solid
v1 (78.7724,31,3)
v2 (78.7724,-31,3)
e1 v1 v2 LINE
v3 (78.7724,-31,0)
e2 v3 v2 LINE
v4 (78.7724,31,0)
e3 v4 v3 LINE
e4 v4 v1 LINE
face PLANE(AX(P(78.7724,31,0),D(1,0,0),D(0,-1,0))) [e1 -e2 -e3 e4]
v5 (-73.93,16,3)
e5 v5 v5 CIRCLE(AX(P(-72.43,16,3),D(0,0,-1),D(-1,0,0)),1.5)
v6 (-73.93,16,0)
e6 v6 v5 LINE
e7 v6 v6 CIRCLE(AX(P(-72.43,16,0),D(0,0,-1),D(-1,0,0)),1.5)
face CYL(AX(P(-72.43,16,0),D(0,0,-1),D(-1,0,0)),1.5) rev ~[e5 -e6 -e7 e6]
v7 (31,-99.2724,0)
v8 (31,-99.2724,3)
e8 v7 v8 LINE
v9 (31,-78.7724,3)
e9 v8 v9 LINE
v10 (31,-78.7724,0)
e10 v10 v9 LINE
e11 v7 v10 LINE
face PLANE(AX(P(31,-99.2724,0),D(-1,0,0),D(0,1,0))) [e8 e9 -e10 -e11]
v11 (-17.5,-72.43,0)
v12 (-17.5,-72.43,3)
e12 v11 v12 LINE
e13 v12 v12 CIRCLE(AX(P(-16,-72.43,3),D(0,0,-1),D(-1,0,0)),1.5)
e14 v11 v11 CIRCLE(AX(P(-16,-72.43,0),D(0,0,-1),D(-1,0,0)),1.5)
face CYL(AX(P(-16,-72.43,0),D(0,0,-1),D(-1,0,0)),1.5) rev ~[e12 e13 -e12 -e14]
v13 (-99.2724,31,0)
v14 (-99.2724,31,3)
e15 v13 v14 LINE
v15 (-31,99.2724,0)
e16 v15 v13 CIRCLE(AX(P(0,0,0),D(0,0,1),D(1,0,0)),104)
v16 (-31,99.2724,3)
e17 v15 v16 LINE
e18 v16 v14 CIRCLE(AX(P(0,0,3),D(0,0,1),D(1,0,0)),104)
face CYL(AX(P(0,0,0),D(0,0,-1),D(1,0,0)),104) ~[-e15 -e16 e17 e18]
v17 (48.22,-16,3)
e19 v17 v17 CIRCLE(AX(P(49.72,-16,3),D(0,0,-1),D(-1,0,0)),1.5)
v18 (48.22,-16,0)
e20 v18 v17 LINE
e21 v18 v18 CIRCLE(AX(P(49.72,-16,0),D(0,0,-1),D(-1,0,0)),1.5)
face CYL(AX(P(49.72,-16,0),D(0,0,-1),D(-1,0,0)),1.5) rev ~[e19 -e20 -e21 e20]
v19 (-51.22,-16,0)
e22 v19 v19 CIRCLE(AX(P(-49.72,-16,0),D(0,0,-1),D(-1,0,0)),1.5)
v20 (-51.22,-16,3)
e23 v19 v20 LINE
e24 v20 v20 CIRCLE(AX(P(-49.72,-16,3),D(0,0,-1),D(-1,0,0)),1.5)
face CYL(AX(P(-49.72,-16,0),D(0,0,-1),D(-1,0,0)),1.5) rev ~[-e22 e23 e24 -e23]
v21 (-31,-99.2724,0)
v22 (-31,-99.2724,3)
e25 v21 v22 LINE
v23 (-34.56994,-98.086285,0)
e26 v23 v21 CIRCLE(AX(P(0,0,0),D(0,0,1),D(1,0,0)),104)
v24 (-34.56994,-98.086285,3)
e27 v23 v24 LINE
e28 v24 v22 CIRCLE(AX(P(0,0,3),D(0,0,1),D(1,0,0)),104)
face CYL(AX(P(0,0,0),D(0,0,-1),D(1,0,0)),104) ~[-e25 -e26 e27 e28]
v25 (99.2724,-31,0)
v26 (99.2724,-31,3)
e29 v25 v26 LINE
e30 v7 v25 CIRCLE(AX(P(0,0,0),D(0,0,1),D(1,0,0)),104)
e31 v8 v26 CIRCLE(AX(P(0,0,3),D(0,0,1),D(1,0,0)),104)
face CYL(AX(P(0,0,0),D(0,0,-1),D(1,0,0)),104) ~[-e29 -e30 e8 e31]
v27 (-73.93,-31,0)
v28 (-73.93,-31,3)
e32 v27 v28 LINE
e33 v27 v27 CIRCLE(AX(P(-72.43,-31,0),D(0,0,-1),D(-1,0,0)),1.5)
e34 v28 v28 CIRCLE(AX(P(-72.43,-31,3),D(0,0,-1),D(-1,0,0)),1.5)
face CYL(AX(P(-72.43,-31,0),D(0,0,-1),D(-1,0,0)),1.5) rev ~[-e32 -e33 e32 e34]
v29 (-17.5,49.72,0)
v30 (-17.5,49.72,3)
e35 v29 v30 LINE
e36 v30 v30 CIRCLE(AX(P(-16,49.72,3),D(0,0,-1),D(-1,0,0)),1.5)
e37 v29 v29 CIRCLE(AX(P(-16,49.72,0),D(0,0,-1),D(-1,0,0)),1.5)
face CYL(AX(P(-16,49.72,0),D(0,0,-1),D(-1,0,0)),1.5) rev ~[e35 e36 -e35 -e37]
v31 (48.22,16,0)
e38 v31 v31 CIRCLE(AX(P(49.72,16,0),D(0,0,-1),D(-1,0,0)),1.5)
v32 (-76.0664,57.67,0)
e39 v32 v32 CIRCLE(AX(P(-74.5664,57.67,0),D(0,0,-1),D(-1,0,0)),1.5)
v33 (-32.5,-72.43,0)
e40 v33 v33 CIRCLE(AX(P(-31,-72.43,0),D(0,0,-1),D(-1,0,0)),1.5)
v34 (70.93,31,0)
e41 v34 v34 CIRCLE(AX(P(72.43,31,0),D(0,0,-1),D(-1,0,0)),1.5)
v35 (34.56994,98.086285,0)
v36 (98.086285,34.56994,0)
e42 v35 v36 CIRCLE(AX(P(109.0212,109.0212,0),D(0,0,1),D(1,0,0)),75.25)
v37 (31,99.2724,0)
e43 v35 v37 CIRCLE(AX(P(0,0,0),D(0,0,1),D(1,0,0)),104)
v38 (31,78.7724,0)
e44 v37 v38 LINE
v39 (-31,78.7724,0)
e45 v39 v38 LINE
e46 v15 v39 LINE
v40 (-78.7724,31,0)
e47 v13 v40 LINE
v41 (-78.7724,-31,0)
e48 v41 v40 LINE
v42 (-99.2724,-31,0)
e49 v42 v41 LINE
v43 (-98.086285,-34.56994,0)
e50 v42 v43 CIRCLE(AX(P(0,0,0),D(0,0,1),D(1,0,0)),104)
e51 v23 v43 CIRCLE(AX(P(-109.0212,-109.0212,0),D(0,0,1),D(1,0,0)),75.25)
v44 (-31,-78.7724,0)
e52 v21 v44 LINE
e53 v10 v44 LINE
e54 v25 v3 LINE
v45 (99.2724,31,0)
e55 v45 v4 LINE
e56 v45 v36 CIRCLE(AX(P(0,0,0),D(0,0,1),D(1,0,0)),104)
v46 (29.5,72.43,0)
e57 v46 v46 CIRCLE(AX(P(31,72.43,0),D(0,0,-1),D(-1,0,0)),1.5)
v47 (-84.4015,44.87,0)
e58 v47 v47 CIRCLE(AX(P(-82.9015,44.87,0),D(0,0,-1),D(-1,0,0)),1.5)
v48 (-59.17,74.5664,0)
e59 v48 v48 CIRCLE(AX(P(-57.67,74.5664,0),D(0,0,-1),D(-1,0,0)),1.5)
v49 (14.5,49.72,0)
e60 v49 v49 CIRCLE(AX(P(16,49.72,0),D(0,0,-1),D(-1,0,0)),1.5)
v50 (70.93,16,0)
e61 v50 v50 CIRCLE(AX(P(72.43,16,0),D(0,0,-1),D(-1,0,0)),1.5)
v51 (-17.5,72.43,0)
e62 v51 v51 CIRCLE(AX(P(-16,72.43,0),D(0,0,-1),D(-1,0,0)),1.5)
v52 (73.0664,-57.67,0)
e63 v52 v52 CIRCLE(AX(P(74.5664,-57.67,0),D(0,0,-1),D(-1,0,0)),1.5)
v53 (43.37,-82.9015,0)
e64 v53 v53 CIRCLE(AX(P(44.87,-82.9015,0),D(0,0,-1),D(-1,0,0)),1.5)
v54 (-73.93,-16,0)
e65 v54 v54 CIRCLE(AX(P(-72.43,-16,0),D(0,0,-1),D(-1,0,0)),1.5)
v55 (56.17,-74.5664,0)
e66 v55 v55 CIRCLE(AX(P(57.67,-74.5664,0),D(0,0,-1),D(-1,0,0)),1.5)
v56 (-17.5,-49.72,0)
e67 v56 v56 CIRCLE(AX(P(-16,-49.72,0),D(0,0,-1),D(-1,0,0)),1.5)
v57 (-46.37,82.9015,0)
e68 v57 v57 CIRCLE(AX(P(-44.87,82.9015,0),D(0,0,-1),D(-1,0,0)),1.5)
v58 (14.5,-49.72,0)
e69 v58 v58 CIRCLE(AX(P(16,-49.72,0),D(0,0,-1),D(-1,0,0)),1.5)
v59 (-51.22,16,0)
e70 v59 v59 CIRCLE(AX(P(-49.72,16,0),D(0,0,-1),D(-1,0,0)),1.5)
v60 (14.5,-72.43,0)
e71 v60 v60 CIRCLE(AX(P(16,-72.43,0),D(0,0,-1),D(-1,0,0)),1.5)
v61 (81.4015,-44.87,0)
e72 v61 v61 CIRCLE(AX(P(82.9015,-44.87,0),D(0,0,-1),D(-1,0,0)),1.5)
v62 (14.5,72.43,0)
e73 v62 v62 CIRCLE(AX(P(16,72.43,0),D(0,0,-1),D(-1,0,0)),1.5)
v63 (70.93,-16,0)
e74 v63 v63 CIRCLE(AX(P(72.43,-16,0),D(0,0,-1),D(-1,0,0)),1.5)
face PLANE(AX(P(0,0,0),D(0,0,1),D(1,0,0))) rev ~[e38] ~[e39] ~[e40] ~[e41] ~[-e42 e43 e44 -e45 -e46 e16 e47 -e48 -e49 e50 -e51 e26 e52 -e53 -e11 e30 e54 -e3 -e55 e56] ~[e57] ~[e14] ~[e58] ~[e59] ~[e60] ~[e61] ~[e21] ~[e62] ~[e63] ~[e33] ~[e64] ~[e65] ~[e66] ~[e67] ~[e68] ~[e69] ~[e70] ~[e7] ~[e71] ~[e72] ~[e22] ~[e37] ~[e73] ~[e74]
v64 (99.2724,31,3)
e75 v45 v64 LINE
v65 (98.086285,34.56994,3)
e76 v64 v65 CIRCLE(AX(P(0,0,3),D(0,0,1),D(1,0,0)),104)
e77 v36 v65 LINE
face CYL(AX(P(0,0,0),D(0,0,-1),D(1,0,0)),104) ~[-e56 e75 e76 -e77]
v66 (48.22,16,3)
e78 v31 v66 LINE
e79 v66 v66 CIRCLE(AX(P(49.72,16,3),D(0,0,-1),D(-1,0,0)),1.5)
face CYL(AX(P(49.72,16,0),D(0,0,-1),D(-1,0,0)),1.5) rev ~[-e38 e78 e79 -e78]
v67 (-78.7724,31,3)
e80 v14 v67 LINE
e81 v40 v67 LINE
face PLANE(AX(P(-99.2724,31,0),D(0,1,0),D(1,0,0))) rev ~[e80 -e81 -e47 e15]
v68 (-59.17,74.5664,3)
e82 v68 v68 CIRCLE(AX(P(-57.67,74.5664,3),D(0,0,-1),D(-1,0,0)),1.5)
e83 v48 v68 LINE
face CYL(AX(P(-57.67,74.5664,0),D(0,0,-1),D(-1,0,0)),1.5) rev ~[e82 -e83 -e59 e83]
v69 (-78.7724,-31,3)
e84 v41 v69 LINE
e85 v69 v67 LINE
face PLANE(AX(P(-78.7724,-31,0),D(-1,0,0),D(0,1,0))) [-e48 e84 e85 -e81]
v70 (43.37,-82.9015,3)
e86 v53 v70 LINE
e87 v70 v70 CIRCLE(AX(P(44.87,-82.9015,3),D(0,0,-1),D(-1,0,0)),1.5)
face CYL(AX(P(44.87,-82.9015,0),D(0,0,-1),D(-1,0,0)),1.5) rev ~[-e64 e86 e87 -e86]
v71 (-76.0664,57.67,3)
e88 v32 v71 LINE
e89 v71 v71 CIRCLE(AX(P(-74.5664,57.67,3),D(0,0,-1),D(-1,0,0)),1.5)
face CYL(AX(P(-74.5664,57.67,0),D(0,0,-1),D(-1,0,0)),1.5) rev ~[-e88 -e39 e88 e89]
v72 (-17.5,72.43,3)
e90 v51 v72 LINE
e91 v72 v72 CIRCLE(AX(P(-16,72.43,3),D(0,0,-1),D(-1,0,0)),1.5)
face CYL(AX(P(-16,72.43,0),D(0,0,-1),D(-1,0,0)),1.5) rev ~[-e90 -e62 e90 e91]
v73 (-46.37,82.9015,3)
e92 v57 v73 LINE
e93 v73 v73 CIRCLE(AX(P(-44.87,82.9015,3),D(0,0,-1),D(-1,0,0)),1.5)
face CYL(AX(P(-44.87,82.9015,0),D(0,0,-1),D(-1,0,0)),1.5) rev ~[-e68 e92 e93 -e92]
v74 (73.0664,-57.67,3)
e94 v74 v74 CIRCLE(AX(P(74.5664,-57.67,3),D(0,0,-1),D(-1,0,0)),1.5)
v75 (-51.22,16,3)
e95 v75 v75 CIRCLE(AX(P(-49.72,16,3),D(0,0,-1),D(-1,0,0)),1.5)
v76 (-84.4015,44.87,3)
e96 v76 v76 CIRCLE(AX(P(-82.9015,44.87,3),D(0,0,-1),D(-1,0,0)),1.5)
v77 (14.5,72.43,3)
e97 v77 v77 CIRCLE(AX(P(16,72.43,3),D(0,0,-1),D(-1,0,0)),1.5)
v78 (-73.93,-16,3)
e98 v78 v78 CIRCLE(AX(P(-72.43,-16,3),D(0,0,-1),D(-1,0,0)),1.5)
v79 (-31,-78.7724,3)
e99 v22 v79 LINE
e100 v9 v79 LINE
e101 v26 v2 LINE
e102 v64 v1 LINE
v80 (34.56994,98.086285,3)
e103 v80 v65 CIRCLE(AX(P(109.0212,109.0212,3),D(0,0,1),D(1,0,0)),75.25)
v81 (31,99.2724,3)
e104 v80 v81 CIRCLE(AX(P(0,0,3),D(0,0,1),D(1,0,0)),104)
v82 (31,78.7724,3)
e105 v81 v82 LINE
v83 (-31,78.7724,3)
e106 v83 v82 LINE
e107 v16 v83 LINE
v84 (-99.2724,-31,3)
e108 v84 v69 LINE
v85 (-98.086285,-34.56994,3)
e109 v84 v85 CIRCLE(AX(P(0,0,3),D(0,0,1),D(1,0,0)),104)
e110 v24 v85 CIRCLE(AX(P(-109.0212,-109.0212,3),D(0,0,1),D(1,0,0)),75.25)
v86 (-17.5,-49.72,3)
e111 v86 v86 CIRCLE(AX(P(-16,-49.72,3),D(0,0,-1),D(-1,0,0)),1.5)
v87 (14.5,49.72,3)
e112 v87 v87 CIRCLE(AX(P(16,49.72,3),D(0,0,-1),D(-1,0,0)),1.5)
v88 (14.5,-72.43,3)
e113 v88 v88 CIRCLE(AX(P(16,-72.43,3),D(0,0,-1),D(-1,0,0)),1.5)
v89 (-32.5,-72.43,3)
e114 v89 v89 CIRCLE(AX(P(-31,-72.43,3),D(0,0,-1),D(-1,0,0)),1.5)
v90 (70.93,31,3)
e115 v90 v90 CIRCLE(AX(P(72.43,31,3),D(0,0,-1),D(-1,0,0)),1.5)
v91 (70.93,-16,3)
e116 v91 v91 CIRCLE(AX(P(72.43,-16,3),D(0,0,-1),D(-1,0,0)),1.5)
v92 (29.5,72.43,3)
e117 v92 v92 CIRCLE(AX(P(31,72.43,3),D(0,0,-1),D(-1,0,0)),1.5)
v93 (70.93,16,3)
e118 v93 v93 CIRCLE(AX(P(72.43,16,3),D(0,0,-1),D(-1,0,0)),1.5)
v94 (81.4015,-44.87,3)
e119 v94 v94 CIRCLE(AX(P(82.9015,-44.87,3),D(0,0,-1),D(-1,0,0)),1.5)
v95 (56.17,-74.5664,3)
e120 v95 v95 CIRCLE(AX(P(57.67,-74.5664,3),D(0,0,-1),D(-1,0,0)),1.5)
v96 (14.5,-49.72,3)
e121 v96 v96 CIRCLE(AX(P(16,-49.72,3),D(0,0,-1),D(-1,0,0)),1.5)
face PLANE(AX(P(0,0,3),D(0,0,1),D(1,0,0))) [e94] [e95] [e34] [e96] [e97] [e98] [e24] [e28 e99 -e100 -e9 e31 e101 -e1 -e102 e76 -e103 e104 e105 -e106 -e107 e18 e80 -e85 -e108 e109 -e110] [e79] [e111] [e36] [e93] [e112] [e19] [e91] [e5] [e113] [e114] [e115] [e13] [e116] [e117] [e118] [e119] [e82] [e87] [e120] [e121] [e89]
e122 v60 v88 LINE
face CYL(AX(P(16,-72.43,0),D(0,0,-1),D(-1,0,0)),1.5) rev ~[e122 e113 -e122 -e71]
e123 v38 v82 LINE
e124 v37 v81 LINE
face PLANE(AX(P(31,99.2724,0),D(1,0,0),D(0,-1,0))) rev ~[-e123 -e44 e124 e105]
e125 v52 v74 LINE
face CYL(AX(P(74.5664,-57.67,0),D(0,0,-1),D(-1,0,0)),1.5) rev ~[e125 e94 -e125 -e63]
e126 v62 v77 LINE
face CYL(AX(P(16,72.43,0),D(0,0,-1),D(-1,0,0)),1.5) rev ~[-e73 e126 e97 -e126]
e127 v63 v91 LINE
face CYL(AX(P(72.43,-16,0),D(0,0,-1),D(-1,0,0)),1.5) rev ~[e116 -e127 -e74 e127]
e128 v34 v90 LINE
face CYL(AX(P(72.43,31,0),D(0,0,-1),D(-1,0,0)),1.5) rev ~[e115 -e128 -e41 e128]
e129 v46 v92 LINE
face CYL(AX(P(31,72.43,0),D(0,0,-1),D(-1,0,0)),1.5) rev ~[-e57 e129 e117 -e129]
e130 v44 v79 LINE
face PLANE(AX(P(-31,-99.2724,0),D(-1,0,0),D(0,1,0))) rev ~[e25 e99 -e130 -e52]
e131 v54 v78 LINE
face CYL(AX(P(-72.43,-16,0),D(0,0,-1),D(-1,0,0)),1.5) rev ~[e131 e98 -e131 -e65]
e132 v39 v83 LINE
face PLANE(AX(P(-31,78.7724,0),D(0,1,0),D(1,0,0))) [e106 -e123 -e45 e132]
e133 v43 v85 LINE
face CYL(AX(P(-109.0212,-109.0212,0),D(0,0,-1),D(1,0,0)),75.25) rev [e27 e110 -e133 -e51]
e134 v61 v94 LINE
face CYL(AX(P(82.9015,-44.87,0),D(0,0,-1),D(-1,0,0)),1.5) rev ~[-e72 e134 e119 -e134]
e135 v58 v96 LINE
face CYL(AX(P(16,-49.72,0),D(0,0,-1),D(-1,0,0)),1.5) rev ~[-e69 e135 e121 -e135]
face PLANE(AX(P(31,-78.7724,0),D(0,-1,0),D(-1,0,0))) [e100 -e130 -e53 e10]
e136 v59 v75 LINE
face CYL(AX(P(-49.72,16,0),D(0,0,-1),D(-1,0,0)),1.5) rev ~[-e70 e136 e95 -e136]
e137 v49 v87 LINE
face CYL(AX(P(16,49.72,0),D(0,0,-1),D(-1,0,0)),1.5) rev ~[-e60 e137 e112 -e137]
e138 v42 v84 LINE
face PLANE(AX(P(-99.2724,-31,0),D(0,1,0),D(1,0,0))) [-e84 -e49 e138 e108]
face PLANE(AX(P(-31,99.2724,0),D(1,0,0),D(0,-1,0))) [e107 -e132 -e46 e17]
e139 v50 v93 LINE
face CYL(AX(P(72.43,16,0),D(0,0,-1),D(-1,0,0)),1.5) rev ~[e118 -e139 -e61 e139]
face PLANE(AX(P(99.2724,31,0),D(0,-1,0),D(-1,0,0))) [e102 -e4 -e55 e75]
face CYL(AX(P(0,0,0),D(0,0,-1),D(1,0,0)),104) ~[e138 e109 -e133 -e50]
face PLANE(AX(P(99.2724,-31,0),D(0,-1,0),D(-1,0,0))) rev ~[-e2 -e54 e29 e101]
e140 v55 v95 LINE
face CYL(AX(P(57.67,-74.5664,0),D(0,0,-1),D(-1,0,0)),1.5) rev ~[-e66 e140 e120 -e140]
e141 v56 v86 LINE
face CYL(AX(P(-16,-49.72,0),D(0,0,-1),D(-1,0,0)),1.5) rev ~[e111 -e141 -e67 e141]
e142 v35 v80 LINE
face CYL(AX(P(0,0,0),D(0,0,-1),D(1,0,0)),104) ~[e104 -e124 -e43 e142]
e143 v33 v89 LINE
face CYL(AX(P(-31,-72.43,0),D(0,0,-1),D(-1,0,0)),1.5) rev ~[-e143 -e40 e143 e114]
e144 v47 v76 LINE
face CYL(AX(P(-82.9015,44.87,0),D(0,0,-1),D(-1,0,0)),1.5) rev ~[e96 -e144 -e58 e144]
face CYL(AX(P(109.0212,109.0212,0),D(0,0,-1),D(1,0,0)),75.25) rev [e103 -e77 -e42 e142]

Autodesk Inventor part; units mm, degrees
ref_plane "YZ Plane" through (0, 0, 0) normal (1, 0, 0) x (0, 1, 0)
ref_plane "XZ Plane" through (0, 0, 0) normal (0, 1, 0) x (-1, 0, 0)
ref_plane "XY Plane" through (0, 0, 0) normal (0, 0, 1) x (1, 0, 0)
sketch "Эскиз2" plane through (0, 0, 0) normal (0, 0, 1) x (1, 0, 0)
  circle A0 centre (0, 0) radius 107.5
  circle A1 centre (0, 0) radius 104
  line L0 (-99.2724, 31) -> (-78.7724, 31)
  line L1 (-99.2724, -31) -> (-78.7724, -31)
  line L2 (-31, 99.2724) -> (-31, 78.7724)
  line L3 (31, 99.2724) -> (31, 78.7724)
  line L4 (99.2724, 31) -> (78.7724, 31)
  line L5 (99.2724, -31) -> (78.7724, -31)
  line L6 (31, -99.2724) -> (31, -78.7724)
  line L7 (-31, -99.2724) -> (-31, -78.7724)
  line L8 (-78.7724, -31) -> (-78.7724, 31)
  line L9 (-31, 78.7724) -> (31, 78.7724)
  line L10 (78.7724, 31) -> (78.7724, -31)
  line L11 (31, -78.7724) -> (-31, -78.7724)
  circle A2 centre (-109.0212, -109.0212) radius 75.25
  line L12 (-31, 78.7724) -> (78.7724, -31) construction
  line L13 (-73.5391, 73.5391) -> (73.5391, -73.5391) construction
  circle A3 centre (109.0212, 109.0212) radius 75.25
  point P0 (-98.0863, -34.57)
  point P1 (-34.57, -98.0863)
  point P2 (98.0863, 34.57)
  point P3 (34.57, 98.0863)
  dimension "d1" = 208
  dimension "d0" = 215
  dimension "d8" = 20.5
  dimension "d9" = 31
  dimension "d10" = 31
  dimension "d11" = 31
  dimension "d12" = 31
  dimension "d13" = 31
  dimension "d14" = 31
  dimension "d15" = 31
  dimension "d16" = 31
  dimension "d17" = 150.5
  dimension "d18" = 3.57
  dimension "d19" = 3.57
extrude "Выдавливание1" add sketch "Эскиз2" along normal blind 3 contours A1 L4 L10 L5 L6 L11 L7 A2 L1 L8 L0 L2 L9 L3 A3
sketch "Эскиз3" plane through (0, 0, 0) normal (0, 0, -1) x (-1, 0, 0)
  line L0 (-78.7724, -31) -> (-78.7724, 31) projected
  line L1 (-78.7724, 16) -> (78.7724, 16) construction
  line L2 (78.7724, 31) -> (78.7724, -31) projected
  line L3 (-31, 78.7724) -> (31, 78.7724) projected
  line L4 (31, -78.7724) -> (-31, -78.7724) projected
  line L5 (-16, -78.7724) -> (-16, 78.7724) construction
  line L6 (0, 0) -> (0, 78.7724) construction
  line L7 (0, 0) -> (78.7724, 0) construction
  line L8 (-78.7724, -16) -> (78.7724, -16) construction
  line L9 (16, -78.7724) -> (16, 78.7724) construction
  circle A0 centre (-49.72, 16) radius 1.5
  circle A1 centre (-49.72, -16) radius 1.5
  circle A2 centre (-16, 49.72) radius 1.5
  circle A3 centre (16, 49.72) radius 1.5
  circle A4 centre (49.72, 16) radius 1.5
  circle A5 centre (49.72, -16) radius 1.5
  line L10 (-49.72, 49.72) -> (49.72, 49.72) construction
  line L11 (49.72, 49.72) -> (49.72, -49.72) construction
  line L12 (49.72, -49.72) -> (-49.72, -49.72) construction
  line L13 (-49.72, -49.72) -> (-49.72, 49.72) construction
  line L14 (-49.72, 49.72) -> (49.72, -49.72) construction
  circle A6 centre (-16, -49.72) radius 1.5
  circle A7 centre (16, -49.72) radius 1.5
  line L15 (-72.43, 72.43) -> (72.43, 72.43) construction
  line L16 (72.43, 72.43) -> (72.43, -72.43) construction
  line L17 (72.43, -72.43) -> (-72.43, -72.43) construction
  line L18 (-72.43, -72.43) -> (-72.43, 72.43) construction
  line L19 (-72.43, 72.43) -> (72.43, -72.43) construction
  circle A8 centre (-72.43, 16) radius 1.5
  circle A9 centre (-72.43, -16) radius 1.5
  circle A10 centre (-16, 72.43) radius 1.5
  circle A11 centre (16, 72.43) radius 1.5
  circle A12 centre (72.43, 16) radius 1.5
  circle A13 centre (72.43, -16) radius 1.5
  circle A14 centre (16, -72.43) radius 1.5
  circle A15 centre (-16, -72.43) radius 1.5
  circle A16 centre (-72.43, 31) radius 1.5
  circle A17 centre (-31, 72.43) radius 1.5
  circle A18 centre (31, -72.43) radius 1.5
  circle A19 centre (72.43, -31) radius 1.5
  line L20 (-99.2724, -31) -> (-78.7724, -31) projected
  line L21 (-31, -78.7724) -> (-31, -99.2724) projected
  arc A20 (-89.0224, -31) -> (-31, -89.0224) centre (0, 0) ccw construction
  arc A21 (89.0224, 31) -> (31, 89.0224) centre (0, 0) ccw construction
  circle A22 centre (-57.67, -74.5664) radius 1.5
  line L22 (-72.43, -72.43) -> (72.43, 72.43) construction
  circle A23 centre (-74.5664, -57.67) radius 1.5
  circle A24 centre (-44.87, -82.9015) radius 1.5
  circle A25 centre (-82.9015, -44.87) radius 1.5
  circle A26 centre (74.5664, 57.67) radius 1.5
  circle A27 centre (57.67, 74.5664) radius 1.5
  circle A28 centre (82.9015, 44.87) radius 1.5
  circle A29 centre (44.87, 82.9015) radius 1.5
  arc A30 (-98.0863, 34.57) -> (-34.57, 98.0863) centre (-109.0212, 109.0212) ccw projected
  dimension "d22" = 16
  dimension "d23" = 16
  dimension "d25" = 99.44
  dimension "d26" = 3
  dimension "d27" = 144.86
  dimension "d28" = 3
  dimension "d29" = 3
  dimension "d30" = 15
  dimension "d31" = 15
  dimension "d32" = 15
  dimension "d33" = 15
  dimension "d35" = 26.67
  dimension "d36" = 13.87
  dimension "d37" = 3
extrude "Выдавливание2" cut sketch "Эскиз3" against normal blind 3
properties part number "floor"
